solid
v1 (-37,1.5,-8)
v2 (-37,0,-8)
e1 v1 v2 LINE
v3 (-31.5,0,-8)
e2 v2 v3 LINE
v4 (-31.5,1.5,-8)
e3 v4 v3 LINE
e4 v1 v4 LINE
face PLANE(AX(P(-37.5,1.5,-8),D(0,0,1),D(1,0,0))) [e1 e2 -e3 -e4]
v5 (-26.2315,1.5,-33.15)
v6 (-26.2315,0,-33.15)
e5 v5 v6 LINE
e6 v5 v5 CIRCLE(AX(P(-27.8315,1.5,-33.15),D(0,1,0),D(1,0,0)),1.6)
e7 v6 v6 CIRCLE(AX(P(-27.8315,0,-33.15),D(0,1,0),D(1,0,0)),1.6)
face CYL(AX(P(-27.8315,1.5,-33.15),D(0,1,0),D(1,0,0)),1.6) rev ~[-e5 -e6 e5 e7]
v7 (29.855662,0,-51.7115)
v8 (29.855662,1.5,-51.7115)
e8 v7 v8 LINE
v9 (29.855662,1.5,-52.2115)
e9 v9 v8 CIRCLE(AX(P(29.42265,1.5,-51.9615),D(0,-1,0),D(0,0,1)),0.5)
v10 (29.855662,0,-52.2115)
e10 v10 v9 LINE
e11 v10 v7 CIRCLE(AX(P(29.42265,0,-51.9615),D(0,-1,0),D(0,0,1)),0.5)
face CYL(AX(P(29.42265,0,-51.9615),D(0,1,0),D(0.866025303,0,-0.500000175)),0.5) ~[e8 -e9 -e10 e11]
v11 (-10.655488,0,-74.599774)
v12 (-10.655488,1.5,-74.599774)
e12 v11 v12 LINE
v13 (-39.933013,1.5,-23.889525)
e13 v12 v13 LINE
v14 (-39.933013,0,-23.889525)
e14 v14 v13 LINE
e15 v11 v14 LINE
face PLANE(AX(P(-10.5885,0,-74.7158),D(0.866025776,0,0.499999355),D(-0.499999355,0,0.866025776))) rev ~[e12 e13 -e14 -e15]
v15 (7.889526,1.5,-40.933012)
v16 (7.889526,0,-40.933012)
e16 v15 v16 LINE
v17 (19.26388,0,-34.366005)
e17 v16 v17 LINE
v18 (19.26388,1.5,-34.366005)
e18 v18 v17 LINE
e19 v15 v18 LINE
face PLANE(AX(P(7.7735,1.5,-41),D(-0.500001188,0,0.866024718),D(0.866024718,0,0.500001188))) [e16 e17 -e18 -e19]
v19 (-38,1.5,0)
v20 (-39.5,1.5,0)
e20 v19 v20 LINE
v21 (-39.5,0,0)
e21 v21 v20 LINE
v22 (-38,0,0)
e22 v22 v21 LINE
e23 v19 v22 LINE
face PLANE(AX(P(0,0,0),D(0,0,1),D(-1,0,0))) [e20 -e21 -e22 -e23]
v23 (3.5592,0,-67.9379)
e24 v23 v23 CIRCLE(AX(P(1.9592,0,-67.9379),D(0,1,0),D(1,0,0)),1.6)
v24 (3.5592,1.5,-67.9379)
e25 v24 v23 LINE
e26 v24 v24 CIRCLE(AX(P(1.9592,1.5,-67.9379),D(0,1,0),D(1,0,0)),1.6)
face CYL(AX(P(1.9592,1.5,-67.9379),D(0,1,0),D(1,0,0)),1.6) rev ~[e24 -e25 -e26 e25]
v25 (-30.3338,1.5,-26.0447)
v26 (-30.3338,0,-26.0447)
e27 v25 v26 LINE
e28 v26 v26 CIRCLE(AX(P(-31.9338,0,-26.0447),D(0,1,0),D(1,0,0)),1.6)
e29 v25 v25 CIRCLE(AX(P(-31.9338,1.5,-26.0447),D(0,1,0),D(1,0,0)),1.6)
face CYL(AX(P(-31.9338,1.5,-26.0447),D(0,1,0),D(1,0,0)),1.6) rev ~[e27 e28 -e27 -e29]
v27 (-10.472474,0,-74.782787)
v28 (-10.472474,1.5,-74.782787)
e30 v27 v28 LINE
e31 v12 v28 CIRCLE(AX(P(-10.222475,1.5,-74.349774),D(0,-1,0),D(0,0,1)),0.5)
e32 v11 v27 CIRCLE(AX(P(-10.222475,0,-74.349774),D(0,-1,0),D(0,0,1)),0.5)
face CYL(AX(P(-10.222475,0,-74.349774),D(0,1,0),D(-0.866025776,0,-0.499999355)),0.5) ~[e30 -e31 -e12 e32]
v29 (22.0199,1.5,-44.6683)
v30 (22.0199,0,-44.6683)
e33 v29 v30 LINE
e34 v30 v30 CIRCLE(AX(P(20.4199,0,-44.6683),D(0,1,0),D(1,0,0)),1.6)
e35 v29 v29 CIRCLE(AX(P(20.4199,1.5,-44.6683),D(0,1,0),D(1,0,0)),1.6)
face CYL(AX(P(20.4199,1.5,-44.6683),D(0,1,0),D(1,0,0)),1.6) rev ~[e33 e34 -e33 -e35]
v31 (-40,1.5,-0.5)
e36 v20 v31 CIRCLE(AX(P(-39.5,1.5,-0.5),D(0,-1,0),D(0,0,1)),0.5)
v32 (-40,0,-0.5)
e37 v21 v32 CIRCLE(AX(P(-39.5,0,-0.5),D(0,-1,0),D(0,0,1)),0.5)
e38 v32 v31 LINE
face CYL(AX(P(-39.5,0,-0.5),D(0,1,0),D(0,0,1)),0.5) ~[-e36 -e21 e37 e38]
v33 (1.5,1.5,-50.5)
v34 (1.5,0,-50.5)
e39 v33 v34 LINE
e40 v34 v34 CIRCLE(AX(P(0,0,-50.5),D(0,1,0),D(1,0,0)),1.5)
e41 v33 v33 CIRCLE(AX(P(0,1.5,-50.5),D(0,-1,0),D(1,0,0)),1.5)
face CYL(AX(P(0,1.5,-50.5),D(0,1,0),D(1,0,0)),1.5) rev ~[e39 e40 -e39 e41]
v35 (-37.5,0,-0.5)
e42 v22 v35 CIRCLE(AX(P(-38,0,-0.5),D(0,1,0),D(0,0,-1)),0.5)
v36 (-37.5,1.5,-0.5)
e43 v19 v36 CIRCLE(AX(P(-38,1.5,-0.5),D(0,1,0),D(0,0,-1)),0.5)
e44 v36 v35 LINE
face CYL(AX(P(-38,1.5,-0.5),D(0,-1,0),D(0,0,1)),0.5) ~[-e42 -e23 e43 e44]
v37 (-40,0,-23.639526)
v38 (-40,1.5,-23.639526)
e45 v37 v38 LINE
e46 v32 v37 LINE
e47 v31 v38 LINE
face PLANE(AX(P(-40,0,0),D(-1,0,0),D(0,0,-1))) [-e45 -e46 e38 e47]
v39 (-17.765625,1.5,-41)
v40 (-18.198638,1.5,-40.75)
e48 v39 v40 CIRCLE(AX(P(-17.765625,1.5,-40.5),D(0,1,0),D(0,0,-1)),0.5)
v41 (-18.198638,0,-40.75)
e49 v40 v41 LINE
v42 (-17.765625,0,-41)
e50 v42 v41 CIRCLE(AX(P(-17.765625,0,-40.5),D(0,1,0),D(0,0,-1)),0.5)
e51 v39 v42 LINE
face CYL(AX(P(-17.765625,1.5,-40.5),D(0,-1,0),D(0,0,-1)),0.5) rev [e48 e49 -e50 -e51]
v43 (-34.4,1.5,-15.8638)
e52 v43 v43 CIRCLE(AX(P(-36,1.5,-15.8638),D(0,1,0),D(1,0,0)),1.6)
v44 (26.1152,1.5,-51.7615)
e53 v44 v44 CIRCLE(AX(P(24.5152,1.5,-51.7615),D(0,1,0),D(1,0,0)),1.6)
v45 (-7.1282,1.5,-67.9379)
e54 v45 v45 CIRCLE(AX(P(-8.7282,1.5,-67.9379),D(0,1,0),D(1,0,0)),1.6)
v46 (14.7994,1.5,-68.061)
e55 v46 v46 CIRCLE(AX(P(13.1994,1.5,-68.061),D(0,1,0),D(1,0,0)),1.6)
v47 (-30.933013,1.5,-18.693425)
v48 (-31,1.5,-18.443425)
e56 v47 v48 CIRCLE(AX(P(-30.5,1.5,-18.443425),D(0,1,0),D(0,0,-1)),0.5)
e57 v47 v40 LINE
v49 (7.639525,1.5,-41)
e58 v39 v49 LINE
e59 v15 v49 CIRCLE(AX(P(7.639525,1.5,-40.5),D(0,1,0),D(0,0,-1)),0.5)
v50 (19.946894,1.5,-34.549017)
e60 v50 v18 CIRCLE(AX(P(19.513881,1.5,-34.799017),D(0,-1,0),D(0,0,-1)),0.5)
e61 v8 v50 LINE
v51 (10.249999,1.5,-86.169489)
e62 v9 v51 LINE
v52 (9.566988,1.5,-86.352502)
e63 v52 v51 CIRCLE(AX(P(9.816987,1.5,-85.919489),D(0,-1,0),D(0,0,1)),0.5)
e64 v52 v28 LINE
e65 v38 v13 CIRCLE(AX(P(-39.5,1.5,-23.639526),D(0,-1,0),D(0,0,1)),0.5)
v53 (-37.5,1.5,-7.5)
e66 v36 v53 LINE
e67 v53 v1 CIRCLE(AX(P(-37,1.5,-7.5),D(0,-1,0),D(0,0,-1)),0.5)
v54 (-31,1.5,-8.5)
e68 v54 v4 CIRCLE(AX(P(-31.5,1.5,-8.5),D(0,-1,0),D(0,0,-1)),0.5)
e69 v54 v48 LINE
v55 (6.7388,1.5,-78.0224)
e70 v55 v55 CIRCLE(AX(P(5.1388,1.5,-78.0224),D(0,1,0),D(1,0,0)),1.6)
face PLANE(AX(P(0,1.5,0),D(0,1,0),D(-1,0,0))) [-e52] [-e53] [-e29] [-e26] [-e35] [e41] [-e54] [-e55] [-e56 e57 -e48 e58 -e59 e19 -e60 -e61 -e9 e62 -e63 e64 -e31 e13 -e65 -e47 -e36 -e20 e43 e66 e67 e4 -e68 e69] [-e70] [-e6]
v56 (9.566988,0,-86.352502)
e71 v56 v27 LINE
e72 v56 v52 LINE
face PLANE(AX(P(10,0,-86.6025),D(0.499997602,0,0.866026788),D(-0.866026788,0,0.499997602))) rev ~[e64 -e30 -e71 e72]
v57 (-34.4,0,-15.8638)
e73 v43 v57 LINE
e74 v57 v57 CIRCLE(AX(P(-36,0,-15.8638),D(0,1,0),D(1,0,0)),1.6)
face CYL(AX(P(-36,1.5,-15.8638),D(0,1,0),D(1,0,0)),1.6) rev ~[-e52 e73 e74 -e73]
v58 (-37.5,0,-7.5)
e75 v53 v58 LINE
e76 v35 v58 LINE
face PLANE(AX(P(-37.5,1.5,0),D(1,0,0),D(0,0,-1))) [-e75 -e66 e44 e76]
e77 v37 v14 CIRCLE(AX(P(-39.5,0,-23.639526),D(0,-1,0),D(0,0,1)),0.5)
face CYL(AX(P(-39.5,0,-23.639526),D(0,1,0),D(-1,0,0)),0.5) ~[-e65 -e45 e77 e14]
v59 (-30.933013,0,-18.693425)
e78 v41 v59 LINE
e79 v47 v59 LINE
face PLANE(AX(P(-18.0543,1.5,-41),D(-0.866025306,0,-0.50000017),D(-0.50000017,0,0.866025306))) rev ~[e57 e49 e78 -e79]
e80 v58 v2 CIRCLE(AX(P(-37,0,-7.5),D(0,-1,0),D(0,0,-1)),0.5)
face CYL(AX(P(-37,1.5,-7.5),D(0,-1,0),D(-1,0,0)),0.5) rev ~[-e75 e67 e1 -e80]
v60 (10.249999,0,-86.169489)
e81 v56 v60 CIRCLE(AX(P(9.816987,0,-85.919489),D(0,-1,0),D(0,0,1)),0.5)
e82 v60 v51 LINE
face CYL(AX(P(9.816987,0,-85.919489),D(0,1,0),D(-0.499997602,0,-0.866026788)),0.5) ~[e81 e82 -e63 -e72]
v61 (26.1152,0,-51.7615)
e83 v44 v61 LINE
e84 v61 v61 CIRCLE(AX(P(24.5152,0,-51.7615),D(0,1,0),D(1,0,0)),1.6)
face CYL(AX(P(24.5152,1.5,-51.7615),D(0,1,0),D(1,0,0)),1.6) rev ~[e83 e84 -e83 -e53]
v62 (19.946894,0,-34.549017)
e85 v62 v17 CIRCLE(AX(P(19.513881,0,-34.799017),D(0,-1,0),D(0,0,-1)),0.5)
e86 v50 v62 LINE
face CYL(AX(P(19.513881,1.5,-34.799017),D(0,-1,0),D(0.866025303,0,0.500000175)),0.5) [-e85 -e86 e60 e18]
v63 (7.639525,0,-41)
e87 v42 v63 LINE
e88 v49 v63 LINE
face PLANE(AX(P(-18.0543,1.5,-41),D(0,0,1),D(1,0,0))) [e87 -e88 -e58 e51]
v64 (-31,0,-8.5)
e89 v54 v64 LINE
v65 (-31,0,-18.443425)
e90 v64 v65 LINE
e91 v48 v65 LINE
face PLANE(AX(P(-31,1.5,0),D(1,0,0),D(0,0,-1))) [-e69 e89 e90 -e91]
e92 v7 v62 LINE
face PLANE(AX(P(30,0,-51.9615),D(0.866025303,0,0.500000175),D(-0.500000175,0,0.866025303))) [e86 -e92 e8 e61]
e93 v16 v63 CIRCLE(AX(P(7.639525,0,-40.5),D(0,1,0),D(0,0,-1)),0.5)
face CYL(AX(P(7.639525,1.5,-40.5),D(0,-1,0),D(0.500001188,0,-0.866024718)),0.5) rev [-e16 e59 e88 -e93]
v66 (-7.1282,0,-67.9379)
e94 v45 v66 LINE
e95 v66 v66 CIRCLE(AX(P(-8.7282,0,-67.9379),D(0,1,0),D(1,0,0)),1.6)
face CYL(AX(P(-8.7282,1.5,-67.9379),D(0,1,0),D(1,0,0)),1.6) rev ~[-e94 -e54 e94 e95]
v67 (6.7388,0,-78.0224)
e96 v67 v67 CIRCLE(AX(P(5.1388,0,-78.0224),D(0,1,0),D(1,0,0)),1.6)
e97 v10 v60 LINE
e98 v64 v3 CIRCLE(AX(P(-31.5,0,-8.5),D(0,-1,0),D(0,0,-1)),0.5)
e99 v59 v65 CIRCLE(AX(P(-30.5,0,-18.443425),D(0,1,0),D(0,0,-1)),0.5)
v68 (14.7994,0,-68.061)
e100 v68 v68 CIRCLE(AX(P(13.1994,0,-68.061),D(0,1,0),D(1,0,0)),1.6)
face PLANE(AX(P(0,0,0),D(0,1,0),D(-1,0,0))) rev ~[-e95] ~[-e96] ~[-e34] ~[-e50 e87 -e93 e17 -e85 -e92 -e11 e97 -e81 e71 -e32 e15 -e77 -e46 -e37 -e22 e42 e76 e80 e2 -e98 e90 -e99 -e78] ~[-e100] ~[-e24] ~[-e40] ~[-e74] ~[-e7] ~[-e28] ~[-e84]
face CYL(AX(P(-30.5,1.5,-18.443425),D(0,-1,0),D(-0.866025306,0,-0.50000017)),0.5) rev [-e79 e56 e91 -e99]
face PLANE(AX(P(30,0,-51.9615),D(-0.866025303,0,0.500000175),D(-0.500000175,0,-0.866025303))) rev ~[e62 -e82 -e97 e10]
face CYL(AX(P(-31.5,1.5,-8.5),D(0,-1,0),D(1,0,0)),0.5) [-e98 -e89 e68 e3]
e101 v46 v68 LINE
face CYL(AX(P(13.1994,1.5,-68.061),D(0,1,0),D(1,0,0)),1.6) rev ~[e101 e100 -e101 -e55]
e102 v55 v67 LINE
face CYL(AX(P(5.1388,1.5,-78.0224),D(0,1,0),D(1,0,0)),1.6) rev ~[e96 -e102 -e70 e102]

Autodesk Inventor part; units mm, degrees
ref_plane "YZ Plane" through (0, 0, 0) normal (1, 0, 0) x (0, 1, 0)
ref_plane "XZ Plane" through (0, 0, 0) normal (0, 1, 0) x (-1, 0, 0)
ref_plane "XY Plane" through (0, 0, 0) normal (0, 0, 1) x (1, 0, 0)
sketch "スケッチ2" plane through (0, 0, 0) normal (0, 1, 0) x (-1, 0, 0)
  line L0 (0, 0) -> (40, 0)
  line L1 (40, 0) -> (40, -23.7735)
  line L2 (-30, -51.9615) -> (0, 0)
  line L3 (-30, -51.9615) -> (-10, -86.6025)
  line L4 (-10, -86.6025) -> (10.5885, -74.7158)
  line L5 (10.5885, -74.7158) -> (40, -23.7735)
  line L6 (-30, -51.9615) -> (-36.3397, -48.3013) construction
  line L7 (30, 0) -> (30, -18) construction
  line L8 (30, -18) -> (40, -23.7735) construction
  dimension "d0" = 60
  dimension "d1" = 60
  dimension "d2" = 40
  dimension "d3" = 60
  dimension "d4" = 18
  dimension "d5" = 30
  dimension "d6" = 60
extrude "プレート1" add sketch "スケッチ2" along normal blind 1.5
sketch "スケッチ3" plane through (0, 1.5, 0) normal (0, 1, 0) x (1, 0, 0)
  line L0 (-10.5885, 74.7158) -> (-40, 23.7735) projected
  line L1 (-31.7863, 38) -> (10.9697, 38)
  line L2 (10.9697, 38) -> (19.1969, 33.25)
  line L3 (0, 0) -> (30, 51.9615) projected
  line L4 (30, 51.9615) -> (0, 0) projected
  line L5 (0, 0) -> (-40, 0) projected
  circle A0 centre (0, 50.5) radius 12.5 construction
  circle A1 centre (0, 50.5) radius 1.5
  circle A2 centre (0, 50.5) radius 10.5 construction
  circle A3 centre (5.9346, 70.644) radius 10.5 construction
  circle A4 centre (5.9346, 70.644) radius 11.5 construction
  line L6 (10, 86.6025) -> (30, 51.9615) projected
  circle A5 centre (5.9346, 70.644) radius 1.5
  line L7 (-30, 0) -> (-30, 18)
  line L8 (-30, 18) -> (-18.453, 38)
  line L9 (-40, 23.7735) -> (-10.5885, 74.7158) projected
  line L10 (-40, 23.7735) -> (-40, 0) projected
  line L11 (-40, 23.7735) -> (-30, 18)
  line L12 (-31, 0) -> (-31, 18.5774)
  line L13 (-18.0543, 41) -> (-31, 18.5774)
  line L14 (-18.0543, 41) -> (7.7735, 41)
  line L15 (7.7735, 41) -> (19.6969, 34.116)
  circle A6 centre (0, 50.5) radius 9 construction
  line L16 (-29.7656, 59.5) -> (9, 59.5)
  line L17 (9, 59.5) -> (9, 41.5) construction
  line L18 (9, 41.5) -> (-29.7656, 41.5)
  line L19 (-29.7656, 41.5) -> (-29.7656, 59.5)
  line L20 (-29.7656, 41.5) -> (-19.3733, 59.5)
  line L21 (0, 59.5) -> (0, 41.5)
  dimension "d8" = 38
  dimension "d9" = 9.5
  dimension "d10" = 25
  dimension "d11" = 3
  dimension "d14" = 21
  dimension "d15" = 21
  dimension "d16" = 23
  dimension "d17" = 3
  dimension "d18" = 30
  dimension "d19" = 18
  dimension "d21" = 1
  dimension "d22" = 3
  dimension "d23" = 1
  dimension "d24" = 18
extrude "切り取り1" cut sketch "スケッチ3" against normal blind 1.5 contours L21 A1 | A1 L21 | L13 L14 L15 L3 L2 L1 | L1 L8 L11 L13 | L11 L7 L5 L12 | L1 L2 L3 L5 L7 L8
sketch "スケッチ4" plane through (0, 1.5, 0) normal (0, 1, 0) x (1, 0, 0)
  circle A0 centre (5.1388, 78.0224) radius 1.6 projected
  line L0 (14.0853, 64.5965) -> (11.5853, 60.2663) projected
  circle A1 centre (13.1994, 68.061) radius 1.6 projected
  circle A2 centre (-36, 15.8638) radius 1.6 projected
  circle A3 centre (20.4199, 44.6683) radius 1.6 projected
  circle A4 centre (24.5152, 51.7615) radius 1.6 projected
  circle A5 centre (-27.8315, 33.15) radius 1.6 projected
  circle A6 centre (-31.9338, 26.0447) radius 1.6 projected
  circle A7 centre (-8.7282, 67.9379) radius 1.6 projected
  circle A8 centre (1.9592, 67.9379) radius 1.6 projected
  line L1 (-31, 18.5774) -> (-31, 0) projected
  line L2 (-31, 0) -> (-37.5, 0)
  line L3 (-37.5, 0) -> (-37.5, 8)
  line L4 (-37.5, 8) -> (-31, 8)
  line L5 (-31, 8) -> (-31, 0)
  line L6 (-40, 0) -> (-40, 23.7735) projected
  point P0 (0, 0)
  dimension "d29" = 8
  dimension "d30" = 2.5
extrude "切り取り2" cut sketch "スケッチ4" against normal blind 1.5
fillet "フィレット1" radius 0.5 12 edges at (10, 0.75, -86.6025) (30, 0.75, -51.9615) (-10.5885, 0.75, -74.7158) (-40, 0.75, -23.7735) (-40, 0.75, 0) (-37.5, 0.75, 0) (-37.5, 0.75, -8) (-31, 0.75, -8) (-31, 0.75, -18.5774) (-18.0543, 0.75, -41) (7.7735, 0.75, -41) (19.6969, 0.75, -34.116)
equation "\"d1\" = d0"
equation "\"d12\" = Thickness"
equation "\"d25\" = Thickness"
equation "\"d7\" = Thickness"
equation "\"Thickness\" = 1.5"
properties part number "base_cover" material "アルミニウム 6061"
